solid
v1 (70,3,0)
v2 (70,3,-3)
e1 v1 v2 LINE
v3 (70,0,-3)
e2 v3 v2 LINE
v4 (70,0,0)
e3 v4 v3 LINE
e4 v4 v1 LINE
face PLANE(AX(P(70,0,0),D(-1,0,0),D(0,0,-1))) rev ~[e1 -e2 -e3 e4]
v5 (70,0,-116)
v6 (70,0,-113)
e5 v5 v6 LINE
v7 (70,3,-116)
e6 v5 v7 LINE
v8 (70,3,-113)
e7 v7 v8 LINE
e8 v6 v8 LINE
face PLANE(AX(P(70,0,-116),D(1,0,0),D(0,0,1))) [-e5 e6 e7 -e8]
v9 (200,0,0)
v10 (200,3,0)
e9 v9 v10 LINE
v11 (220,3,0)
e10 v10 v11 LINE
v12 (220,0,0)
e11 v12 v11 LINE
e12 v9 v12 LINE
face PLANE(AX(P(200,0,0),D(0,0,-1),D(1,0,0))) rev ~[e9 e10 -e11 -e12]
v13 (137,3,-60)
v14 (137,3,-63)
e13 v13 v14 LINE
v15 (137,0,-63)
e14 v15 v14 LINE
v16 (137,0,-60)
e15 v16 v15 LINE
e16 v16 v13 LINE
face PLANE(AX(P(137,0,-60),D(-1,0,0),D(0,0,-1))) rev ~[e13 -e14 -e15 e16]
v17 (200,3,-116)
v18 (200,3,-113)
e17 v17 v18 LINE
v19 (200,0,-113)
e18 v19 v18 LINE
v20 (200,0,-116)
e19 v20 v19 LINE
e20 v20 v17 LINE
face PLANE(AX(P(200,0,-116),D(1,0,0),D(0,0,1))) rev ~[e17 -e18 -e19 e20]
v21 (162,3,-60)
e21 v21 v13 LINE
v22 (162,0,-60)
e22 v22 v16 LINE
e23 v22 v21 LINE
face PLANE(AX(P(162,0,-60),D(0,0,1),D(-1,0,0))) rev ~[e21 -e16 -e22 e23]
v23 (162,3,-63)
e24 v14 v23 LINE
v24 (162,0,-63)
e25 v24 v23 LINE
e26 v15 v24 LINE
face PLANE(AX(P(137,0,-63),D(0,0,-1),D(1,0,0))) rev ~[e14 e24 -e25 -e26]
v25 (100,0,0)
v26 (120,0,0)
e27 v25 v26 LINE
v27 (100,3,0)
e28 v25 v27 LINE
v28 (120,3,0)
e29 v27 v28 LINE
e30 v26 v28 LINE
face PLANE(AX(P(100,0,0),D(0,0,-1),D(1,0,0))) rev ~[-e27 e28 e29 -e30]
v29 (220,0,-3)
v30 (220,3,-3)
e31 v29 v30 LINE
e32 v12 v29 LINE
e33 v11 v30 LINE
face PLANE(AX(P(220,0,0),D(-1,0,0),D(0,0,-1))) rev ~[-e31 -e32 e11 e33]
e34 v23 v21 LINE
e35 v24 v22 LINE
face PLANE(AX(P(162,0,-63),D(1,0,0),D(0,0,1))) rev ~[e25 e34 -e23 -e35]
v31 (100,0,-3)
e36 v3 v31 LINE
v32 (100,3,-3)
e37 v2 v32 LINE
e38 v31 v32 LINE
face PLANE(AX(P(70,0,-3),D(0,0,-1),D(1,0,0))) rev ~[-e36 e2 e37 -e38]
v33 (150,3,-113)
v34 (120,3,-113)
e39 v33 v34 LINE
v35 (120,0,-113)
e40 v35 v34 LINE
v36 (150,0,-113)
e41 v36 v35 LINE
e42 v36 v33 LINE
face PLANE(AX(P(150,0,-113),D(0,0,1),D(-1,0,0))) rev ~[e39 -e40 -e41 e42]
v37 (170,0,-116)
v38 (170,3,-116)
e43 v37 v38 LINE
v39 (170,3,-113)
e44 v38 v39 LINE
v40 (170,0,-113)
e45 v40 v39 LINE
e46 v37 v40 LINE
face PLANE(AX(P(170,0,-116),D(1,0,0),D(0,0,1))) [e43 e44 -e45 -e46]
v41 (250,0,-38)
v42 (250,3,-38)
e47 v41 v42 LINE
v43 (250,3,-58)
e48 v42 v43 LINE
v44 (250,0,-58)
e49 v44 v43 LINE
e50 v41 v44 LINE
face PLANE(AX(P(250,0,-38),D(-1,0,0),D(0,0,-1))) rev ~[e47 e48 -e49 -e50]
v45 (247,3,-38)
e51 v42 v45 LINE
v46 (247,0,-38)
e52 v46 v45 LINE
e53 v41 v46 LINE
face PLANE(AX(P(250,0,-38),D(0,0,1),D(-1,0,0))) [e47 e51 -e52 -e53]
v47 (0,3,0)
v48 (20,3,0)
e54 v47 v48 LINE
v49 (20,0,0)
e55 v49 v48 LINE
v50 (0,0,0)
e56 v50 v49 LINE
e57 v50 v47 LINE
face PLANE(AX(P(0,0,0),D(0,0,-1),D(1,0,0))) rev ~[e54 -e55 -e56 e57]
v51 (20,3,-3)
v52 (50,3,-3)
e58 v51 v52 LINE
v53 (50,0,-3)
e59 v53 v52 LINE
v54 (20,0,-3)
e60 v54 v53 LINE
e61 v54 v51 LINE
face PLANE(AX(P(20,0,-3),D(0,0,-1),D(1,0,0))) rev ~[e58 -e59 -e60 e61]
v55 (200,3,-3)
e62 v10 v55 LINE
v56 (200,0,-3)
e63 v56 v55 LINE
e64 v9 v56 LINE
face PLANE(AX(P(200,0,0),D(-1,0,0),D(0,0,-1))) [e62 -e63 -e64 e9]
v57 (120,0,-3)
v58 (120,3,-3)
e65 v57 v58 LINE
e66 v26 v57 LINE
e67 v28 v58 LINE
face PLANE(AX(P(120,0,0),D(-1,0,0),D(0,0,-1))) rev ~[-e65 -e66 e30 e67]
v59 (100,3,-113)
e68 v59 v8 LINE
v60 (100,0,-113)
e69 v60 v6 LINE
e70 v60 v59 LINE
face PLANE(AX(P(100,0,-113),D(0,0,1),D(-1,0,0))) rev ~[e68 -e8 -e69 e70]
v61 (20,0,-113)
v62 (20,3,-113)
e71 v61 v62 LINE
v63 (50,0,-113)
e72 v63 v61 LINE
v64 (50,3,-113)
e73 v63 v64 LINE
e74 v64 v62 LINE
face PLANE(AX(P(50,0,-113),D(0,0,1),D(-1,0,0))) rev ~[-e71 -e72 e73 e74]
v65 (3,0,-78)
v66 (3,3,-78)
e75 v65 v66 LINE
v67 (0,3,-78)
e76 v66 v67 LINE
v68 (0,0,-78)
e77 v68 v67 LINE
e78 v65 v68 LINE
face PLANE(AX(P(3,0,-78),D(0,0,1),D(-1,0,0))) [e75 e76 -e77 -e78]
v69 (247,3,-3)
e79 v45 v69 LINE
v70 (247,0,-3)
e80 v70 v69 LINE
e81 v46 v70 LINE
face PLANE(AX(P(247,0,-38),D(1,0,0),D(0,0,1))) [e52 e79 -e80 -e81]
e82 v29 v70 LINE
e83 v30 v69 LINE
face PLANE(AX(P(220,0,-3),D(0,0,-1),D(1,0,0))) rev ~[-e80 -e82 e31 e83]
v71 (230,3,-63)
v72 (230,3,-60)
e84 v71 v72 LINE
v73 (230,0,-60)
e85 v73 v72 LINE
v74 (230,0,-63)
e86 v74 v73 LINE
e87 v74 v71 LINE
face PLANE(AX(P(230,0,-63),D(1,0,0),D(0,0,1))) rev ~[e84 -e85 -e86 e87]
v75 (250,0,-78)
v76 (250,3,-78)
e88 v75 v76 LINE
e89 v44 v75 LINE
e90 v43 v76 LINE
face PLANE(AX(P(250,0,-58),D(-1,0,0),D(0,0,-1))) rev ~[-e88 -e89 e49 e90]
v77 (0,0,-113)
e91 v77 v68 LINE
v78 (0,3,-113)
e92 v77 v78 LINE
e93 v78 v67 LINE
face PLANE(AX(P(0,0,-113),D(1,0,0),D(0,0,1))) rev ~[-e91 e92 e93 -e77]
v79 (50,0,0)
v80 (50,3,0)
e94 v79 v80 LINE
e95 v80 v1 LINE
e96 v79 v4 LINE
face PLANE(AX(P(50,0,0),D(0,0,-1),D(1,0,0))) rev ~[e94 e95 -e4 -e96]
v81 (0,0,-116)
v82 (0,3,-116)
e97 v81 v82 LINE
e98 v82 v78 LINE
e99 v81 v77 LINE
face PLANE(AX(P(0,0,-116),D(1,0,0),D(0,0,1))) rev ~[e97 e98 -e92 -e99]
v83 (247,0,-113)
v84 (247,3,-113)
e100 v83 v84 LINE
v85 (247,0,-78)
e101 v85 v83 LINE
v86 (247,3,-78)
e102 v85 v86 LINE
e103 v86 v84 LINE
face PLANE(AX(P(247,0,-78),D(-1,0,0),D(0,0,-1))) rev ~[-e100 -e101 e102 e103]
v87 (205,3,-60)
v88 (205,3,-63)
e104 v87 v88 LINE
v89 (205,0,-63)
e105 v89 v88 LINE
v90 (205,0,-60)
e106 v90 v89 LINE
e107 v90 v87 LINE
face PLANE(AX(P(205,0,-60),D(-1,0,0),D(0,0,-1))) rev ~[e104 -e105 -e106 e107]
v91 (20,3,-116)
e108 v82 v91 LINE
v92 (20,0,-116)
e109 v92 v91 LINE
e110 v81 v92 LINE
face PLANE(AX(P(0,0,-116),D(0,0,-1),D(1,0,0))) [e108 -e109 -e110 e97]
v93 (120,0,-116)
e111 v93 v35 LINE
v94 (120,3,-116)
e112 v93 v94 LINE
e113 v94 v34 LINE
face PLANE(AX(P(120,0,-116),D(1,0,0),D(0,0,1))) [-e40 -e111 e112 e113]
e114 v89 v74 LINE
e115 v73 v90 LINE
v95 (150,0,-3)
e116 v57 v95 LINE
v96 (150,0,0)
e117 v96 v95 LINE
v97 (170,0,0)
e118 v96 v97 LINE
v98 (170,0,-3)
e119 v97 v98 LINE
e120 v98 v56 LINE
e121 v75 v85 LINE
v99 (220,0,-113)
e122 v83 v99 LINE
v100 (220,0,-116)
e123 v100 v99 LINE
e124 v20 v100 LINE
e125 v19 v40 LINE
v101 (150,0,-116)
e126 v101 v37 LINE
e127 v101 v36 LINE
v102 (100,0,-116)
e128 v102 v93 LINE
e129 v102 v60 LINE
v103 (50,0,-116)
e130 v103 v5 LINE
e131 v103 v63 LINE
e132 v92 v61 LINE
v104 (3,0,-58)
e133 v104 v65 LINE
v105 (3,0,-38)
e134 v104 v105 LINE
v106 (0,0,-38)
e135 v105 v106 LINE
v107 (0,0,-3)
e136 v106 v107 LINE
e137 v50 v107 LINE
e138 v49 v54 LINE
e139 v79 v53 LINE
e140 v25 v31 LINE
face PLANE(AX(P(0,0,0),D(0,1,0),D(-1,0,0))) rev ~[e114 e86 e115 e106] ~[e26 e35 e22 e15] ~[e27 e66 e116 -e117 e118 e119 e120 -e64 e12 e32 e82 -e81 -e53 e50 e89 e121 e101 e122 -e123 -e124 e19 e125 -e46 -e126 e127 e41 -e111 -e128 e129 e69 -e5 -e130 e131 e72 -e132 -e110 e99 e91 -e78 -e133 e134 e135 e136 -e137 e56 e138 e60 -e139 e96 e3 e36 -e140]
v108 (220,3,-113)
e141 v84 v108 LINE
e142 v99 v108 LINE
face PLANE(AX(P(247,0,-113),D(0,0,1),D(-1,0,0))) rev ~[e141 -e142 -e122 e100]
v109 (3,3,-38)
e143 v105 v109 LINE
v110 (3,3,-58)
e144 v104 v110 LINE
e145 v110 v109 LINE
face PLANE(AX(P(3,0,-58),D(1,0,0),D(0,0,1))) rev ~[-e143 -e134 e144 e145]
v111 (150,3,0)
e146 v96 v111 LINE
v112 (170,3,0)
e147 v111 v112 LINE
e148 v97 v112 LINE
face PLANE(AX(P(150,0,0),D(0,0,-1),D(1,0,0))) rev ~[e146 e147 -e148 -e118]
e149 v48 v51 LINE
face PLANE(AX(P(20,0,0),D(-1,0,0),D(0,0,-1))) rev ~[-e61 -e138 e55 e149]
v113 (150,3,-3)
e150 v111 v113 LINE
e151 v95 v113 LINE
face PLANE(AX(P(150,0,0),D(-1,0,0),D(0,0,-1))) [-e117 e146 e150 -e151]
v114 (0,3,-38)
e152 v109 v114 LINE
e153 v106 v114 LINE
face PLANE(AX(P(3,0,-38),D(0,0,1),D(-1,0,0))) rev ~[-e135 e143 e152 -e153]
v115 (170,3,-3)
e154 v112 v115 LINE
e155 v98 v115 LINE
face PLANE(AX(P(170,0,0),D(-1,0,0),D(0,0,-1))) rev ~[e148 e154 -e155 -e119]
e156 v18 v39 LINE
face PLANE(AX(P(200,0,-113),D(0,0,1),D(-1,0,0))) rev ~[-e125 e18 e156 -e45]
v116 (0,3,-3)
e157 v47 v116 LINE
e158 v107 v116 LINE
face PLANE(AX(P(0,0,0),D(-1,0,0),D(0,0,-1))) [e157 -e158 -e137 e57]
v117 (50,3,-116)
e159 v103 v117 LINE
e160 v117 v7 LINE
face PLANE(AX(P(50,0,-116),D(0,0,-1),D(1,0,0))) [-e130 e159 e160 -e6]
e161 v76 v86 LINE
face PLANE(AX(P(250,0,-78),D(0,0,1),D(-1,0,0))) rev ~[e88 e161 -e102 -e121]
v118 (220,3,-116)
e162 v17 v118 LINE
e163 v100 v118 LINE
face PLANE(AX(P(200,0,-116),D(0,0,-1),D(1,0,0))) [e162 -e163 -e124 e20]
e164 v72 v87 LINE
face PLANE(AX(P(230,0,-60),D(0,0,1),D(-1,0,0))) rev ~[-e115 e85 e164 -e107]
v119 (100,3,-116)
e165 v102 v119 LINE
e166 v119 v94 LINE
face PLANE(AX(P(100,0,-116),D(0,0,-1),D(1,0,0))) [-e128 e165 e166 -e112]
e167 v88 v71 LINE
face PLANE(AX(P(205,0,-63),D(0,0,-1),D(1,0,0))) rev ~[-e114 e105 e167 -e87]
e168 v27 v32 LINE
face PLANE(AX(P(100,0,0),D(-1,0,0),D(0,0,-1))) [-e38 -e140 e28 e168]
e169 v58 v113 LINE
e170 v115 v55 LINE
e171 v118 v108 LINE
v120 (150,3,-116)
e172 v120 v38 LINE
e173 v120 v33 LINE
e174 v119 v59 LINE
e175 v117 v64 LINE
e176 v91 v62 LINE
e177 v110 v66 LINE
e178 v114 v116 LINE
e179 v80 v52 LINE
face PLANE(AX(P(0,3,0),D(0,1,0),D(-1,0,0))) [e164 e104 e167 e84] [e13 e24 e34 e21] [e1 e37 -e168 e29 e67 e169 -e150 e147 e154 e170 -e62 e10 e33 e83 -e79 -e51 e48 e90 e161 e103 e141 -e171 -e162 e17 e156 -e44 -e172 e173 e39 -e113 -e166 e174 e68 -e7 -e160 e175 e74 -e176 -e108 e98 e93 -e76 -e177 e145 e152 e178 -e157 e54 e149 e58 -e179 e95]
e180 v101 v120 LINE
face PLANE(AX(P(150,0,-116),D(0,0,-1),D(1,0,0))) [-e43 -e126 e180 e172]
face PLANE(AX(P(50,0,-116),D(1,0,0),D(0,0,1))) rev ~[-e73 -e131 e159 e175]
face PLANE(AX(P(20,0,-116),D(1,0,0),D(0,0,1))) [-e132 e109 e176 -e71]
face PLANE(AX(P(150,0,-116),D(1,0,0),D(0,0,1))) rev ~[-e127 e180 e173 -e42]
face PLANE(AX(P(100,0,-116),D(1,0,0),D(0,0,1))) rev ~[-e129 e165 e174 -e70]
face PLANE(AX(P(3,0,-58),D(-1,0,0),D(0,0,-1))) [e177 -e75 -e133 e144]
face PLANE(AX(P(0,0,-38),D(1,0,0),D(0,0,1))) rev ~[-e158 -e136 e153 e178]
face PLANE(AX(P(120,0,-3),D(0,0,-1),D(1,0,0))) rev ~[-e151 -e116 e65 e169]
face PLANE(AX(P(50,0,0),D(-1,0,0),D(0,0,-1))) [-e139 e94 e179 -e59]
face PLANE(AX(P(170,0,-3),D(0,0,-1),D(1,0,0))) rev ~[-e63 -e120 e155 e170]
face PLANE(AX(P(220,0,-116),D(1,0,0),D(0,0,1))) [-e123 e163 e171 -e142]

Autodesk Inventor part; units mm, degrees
ref_plane "YZ Plane" through (0, 0, 0) normal (1, 0, 0) x (0, 1, 0)
ref_plane "XZ Plane" through (0, 0, 0) normal (0, 1, 0) x (-1, 0, 0)
ref_plane "XY Plane" through (0, 0, 0) normal (0, 0, 1) x (1, 0, 0)
sketch "Sketch1" plane through (0, 0, 0) normal (0, 1, 0) x (-1, 0, 0)
  line L0 (0, 0) -> (0, -3)
  line L1 (-250, -38) -> (-250, -78)
  line L2 (0, 0) -> (-20, 0)
  line L3 (-50, 0) -> (-50, -3)
  line L4 (-50, 0) -> (-70, 0)
  line L5 (-70, 0) -> (-70, -3)
  line L6 (-100, 0) -> (-100, -3)
  line L7 (-100, 0) -> (-120, 0)
  line L8 (-120, 0) -> (-120, -3)
  line L9 (-150, 0) -> (-150, -3)
  line L10 (-150, 0) -> (-170, 0)
  line L11 (-170, 0) -> (-170, -3)
  line L12 (-200, 0) -> (-200, -3)
  line L13 (-200, 0) -> (-220, 0)
  line L14 (-220, 0) -> (-220, -3)
  line L15 (-20, 0) -> (-20, -3)
  line L16 (-250, -58) -> (-250, -78)
  line L17 (-250, -78) -> (-247, -78)
  line L18 (-247, -78) -> (-247, -113)
  line L19 (-250, -58) -> (-250, -38)
  line L20 (-250, -38) -> (-247, -38)
  line L21 (-247, -38) -> (-247, -3)
  line L22 (-220, -3) -> (-247, -3)
  line L23 (-170, -3) -> (-200, -3)
  line L24 (-120, -3) -> (-150, -3)
  line L25 (-20, -3) -> (-50, -3)
  line L26 (-70, -3) -> (-100, -3)
  line L27 (0, -116) -> (0, -113)
  line L28 (0, -116) -> (-20, -116)
  line L29 (-50, -116) -> (-50, -113)
  line L30 (-50, -116) -> (-70, -116)
  line L31 (-70, -116) -> (-70, -113)
  line L32 (-100, -116) -> (-100, -113)
  line L33 (-100, -116) -> (-120, -116)
  line L34 (-120, -116) -> (-120, -113)
  line L35 (-150, -116) -> (-150, -113)
  line L36 (-150, -116) -> (-170, -116)
  line L37 (-170, -116) -> (-170, -113)
  line L38 (-200, -116) -> (-200, -113)
  line L39 (-200, -116) -> (-220, -116)
  line L40 (-220, -116) -> (-220, -113)
  line L41 (-20, -116) -> (-20, -113)
  line L42 (-3, -58) -> (-3, -78)
  line L43 (-3, -78) -> (0, -78)
  line L44 (-3, -58) -> (-3, -38)
  line L45 (-3, -38) -> (0, -38)
  line L46 (0, -113) -> (0, -78)
  line L47 (0, -38) -> (0, -3)
  line L48 (-50, -113) -> (-20, -113)
  line L49 (-100, -113) -> (-70, -113)
  line L50 (-150, -113) -> (-120, -113)
  line L51 (-247, -113) -> (-220, -113)
  line L52 (-200, -113) -> (-170, -113)
  line L53 (-230, -60) -> (-205, -60)
  line L54 (-205, -60) -> (-205, -63)
  line L55 (-205, -63) -> (-230, -63)
  line L56 (-230, -63) -> (-230, -60)
  line L57 (-162, -60) -> (-137, -60)
  line L58 (-137, -60) -> (-137, -63)
  line L59 (-137, -63) -> (-162, -63)
  line L60 (-162, -63) -> (-162, -60)
  dimension "d2" = 110
  dimension "d3" = 20
  dimension "d4" = 20
  dimension "d5" = 20
  dimension "d7" = 20
  dimension "d8" = 20
  dimension "d9" = 20
  dimension "d10" = 3
  dimension "d11" = 20
  dimension "d12" = 3
  dimension "d13" = 250
  dimension "d14" = 30
  dimension "d15" = 30
  dimension "d16" = 30
  dimension "d17" = 30
  dimension "d23" = 25
  dimension "d24" = 3
  dimension "d25" = 43
  dimension "d26" = 25
  dimension "d27" = 3
  dimension "d28" = 57
  dimension "d31" = 17
  dimension "d32" = 2
  dimension "d33" = 3
  dimension "d34" = 40
  dimension "d35" = 110
extrude "Extrusion2" add sketch "Sketch1" along normal blind 3
properties part number "latOpSupp"
